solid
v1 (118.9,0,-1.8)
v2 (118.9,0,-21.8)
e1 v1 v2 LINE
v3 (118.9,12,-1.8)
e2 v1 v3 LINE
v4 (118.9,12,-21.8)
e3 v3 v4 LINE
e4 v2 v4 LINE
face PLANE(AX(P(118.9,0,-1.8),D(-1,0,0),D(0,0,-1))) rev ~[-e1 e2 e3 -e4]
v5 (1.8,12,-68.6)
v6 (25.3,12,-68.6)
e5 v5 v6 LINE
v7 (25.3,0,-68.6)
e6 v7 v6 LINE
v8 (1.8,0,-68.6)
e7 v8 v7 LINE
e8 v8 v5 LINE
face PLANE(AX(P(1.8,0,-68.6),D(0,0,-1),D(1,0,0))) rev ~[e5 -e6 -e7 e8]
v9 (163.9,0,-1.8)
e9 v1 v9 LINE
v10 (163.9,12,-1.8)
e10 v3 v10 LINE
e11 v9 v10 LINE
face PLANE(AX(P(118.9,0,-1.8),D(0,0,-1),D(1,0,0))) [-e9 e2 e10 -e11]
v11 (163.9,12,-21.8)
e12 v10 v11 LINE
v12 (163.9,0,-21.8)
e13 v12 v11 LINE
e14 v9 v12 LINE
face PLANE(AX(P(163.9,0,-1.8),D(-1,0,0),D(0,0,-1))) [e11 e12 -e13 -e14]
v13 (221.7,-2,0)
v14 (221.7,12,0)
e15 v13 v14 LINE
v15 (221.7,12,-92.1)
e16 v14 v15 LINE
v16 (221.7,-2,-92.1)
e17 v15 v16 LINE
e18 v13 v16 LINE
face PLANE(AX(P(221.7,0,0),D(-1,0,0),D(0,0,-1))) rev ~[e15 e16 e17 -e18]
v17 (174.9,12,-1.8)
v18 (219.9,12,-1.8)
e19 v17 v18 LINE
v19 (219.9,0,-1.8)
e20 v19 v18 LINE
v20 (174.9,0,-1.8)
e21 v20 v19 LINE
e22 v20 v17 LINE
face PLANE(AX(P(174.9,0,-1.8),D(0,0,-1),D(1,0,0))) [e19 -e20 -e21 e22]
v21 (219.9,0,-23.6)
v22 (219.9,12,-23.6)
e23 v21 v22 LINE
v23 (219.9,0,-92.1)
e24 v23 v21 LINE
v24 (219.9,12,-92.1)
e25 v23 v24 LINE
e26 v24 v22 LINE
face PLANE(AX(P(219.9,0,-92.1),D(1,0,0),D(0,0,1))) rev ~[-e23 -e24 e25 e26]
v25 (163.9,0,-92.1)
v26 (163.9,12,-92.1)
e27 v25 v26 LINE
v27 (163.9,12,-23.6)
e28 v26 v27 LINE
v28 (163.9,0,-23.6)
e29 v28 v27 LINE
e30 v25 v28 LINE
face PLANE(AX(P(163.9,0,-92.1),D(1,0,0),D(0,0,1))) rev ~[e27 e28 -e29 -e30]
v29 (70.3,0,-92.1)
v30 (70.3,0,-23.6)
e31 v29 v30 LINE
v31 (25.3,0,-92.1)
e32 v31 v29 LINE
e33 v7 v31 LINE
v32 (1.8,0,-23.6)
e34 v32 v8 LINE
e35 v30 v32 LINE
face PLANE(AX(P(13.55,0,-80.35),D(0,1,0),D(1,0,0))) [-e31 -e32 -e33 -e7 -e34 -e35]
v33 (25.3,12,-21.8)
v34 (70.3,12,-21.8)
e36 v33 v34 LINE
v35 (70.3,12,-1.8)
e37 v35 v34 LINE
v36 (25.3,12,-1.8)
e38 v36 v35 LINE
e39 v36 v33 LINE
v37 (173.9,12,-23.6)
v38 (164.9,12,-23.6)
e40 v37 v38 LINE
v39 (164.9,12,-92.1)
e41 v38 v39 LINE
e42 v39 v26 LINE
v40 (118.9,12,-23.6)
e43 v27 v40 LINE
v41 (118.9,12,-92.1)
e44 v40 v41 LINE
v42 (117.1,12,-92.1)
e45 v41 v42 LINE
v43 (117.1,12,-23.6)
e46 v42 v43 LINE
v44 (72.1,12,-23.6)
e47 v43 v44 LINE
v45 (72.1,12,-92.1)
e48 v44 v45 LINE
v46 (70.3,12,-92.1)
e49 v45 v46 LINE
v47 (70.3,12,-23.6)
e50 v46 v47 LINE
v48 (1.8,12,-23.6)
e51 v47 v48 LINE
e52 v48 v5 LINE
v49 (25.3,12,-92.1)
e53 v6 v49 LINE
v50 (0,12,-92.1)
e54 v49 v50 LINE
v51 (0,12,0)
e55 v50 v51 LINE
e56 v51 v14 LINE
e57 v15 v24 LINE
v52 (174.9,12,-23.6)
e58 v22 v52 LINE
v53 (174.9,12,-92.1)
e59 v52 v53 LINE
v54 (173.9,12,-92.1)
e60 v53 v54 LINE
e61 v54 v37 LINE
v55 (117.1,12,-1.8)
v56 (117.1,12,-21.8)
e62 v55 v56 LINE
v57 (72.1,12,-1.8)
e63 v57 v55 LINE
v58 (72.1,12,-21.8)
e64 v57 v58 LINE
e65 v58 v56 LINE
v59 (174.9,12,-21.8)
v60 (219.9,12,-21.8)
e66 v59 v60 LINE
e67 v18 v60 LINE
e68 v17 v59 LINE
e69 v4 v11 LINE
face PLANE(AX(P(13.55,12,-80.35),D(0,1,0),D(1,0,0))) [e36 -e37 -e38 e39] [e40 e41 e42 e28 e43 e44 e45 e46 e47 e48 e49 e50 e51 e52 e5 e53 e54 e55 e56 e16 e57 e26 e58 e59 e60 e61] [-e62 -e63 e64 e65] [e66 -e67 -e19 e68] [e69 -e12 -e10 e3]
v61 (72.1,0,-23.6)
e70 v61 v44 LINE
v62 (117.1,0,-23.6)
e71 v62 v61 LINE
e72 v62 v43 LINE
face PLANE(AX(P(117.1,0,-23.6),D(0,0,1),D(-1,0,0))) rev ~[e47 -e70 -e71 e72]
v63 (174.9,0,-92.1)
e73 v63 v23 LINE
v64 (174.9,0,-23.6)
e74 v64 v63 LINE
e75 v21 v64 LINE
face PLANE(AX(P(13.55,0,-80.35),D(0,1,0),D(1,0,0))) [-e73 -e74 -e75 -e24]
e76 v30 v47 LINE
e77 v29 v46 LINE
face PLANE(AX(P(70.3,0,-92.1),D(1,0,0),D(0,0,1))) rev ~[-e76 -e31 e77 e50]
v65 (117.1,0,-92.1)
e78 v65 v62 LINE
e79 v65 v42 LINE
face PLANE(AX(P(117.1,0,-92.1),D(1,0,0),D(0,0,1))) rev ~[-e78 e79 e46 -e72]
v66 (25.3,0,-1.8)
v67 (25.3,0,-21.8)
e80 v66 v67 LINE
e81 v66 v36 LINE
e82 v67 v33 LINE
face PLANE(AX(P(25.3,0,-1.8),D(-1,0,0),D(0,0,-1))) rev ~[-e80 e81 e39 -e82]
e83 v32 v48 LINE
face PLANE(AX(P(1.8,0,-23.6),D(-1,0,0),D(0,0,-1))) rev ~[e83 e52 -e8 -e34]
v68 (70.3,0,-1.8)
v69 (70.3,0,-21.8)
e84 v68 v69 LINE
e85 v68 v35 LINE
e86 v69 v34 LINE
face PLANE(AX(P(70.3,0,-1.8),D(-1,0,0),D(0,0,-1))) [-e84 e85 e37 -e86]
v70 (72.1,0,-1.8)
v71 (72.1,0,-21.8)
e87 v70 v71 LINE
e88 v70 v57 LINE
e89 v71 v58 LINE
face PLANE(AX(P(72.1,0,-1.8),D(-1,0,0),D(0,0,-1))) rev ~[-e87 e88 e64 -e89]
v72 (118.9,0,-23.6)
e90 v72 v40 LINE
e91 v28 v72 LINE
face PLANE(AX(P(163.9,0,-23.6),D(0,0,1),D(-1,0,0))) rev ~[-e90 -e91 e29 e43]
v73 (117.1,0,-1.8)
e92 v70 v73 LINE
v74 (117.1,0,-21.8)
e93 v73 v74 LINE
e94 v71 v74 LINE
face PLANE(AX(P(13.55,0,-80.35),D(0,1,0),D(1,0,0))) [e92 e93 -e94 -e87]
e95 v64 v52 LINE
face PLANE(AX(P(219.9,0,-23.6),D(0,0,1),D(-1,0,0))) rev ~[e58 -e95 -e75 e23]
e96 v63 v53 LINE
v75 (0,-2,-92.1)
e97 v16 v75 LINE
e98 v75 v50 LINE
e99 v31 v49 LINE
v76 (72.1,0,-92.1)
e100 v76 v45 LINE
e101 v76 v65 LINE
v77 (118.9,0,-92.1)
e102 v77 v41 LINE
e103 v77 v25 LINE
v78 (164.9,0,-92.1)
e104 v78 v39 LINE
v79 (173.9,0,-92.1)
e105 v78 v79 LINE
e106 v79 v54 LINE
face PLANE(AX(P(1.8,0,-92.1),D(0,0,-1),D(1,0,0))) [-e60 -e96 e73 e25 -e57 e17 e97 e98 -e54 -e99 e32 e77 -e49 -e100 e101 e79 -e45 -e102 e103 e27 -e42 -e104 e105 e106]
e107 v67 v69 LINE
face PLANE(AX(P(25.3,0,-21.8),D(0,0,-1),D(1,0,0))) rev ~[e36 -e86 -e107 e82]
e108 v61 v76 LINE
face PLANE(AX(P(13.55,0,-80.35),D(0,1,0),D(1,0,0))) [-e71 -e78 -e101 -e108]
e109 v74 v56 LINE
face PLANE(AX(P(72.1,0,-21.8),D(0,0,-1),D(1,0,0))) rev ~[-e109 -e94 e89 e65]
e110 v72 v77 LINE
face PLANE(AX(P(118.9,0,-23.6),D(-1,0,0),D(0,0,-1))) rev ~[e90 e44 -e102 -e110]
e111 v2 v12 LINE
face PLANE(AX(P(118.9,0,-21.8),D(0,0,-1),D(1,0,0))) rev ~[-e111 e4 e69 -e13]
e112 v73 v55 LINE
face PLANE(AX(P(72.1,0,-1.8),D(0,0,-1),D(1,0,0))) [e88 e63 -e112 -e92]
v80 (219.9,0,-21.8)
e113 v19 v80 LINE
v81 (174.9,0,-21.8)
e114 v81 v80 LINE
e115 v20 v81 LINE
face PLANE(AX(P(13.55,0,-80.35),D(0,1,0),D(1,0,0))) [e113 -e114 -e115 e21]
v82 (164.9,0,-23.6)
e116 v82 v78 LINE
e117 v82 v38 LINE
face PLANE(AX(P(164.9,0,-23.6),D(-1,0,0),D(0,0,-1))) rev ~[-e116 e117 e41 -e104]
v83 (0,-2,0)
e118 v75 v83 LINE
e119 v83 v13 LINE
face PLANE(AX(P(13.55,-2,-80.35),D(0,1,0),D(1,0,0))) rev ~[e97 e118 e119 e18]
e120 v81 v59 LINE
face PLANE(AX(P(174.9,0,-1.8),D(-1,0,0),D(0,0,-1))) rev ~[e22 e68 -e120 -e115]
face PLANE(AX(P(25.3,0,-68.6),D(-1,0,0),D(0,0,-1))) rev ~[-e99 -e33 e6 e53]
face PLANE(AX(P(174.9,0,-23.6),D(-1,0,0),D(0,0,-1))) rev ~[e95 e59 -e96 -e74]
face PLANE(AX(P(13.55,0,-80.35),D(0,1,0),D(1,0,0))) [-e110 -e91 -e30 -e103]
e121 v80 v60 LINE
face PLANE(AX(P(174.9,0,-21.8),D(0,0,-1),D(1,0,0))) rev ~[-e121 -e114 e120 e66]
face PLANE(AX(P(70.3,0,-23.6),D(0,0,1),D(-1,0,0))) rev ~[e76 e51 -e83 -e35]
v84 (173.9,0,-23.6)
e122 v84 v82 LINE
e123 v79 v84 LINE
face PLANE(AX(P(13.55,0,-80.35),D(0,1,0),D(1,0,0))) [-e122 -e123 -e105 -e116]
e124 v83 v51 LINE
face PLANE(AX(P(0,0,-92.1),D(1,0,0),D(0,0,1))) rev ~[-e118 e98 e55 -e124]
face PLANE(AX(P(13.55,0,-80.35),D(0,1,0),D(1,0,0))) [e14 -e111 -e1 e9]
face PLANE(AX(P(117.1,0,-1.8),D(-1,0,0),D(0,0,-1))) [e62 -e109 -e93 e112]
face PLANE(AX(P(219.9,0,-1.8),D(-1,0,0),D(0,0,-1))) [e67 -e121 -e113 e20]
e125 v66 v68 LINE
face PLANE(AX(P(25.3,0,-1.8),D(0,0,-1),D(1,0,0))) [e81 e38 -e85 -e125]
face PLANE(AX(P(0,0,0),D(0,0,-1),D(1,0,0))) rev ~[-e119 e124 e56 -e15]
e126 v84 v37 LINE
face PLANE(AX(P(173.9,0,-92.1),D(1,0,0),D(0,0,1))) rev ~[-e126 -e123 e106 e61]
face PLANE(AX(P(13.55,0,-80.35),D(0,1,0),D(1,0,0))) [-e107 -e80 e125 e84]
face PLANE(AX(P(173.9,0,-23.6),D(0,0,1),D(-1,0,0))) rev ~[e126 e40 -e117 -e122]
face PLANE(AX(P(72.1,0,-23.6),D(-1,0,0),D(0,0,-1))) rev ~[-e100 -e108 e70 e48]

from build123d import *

# Parameters (mm, degrees)
SKETCH1_W           = 221.7
SKETCH1_H           = 92.1
BOSS_EXTRUDE1_DEPTH = 2
SKETCH1_3_W         = 45
SKETCH1_3_H         = 20
BOSS_EXTRUDE2_DEPTH = 12


with BuildPart() as part:
    # Sketch1 → Boss-Extrude1 (new body)
    with BuildSketch(Plane(origin=(0, 0, 0), x_dir=(1, 0, 0), z_dir=(0, 1, 0))):
        with Locations((110.85, 46.05)):
            Rectangle(SKETCH1_W, SKETCH1_H)
    extrude(amount=-BOSS_EXTRUDE1_DEPTH)

    # Sketch1<3> → Boss-Extrude2 (add)
    with BuildSketch(Plane(origin=(0, 0, 0), x_dir=(1, 0, 0), z_dir=(0, 1, 0))):
        Polygon((0, 92.1), (0, 0), (221.7, 0), (221.7, 92.1), (219.9, 92.1), (219.9, 23.6), (174.9, 23.6), (174.9, 92.1), (173.9, 92.1), (173.9, 23.6), (164.9, 23.6), (164.9, 92.1), (163.9, 92.1), (163.9, 23.6), (118.9, 23.6), (118.9, 92.1), (117.1, 92.1), (117.1, 23.6), (72.1, 23.6), (72.1, 92.1), (70.3, 92.1), (70.3, 23.6), (1.8, 23.6), (1.8, 68.6), (25.3, 68.6), (25.3, 92.1), align=None)
        with Locations((47.8, 11.8)):
            Rectangle(SKETCH1_3_W, SKETCH1_3_H, mode=Mode.SUBTRACT)
        with Locations((94.6, 11.8)):
            Rectangle(SKETCH1_3_W, SKETCH1_3_H, mode=Mode.SUBTRACT)
        with Locations((141.4, 11.8)):
            Rectangle(SKETCH1_3_W, SKETCH1_3_H, mode=Mode.SUBTRACT)
        with Locations((197.4, 11.8)):
            Rectangle(SKETCH1_3_W, SKETCH1_3_H, mode=Mode.SUBTRACT)
    extrude(amount=BOSS_EXTRUDE2_DEPTH)


solid = part.part
